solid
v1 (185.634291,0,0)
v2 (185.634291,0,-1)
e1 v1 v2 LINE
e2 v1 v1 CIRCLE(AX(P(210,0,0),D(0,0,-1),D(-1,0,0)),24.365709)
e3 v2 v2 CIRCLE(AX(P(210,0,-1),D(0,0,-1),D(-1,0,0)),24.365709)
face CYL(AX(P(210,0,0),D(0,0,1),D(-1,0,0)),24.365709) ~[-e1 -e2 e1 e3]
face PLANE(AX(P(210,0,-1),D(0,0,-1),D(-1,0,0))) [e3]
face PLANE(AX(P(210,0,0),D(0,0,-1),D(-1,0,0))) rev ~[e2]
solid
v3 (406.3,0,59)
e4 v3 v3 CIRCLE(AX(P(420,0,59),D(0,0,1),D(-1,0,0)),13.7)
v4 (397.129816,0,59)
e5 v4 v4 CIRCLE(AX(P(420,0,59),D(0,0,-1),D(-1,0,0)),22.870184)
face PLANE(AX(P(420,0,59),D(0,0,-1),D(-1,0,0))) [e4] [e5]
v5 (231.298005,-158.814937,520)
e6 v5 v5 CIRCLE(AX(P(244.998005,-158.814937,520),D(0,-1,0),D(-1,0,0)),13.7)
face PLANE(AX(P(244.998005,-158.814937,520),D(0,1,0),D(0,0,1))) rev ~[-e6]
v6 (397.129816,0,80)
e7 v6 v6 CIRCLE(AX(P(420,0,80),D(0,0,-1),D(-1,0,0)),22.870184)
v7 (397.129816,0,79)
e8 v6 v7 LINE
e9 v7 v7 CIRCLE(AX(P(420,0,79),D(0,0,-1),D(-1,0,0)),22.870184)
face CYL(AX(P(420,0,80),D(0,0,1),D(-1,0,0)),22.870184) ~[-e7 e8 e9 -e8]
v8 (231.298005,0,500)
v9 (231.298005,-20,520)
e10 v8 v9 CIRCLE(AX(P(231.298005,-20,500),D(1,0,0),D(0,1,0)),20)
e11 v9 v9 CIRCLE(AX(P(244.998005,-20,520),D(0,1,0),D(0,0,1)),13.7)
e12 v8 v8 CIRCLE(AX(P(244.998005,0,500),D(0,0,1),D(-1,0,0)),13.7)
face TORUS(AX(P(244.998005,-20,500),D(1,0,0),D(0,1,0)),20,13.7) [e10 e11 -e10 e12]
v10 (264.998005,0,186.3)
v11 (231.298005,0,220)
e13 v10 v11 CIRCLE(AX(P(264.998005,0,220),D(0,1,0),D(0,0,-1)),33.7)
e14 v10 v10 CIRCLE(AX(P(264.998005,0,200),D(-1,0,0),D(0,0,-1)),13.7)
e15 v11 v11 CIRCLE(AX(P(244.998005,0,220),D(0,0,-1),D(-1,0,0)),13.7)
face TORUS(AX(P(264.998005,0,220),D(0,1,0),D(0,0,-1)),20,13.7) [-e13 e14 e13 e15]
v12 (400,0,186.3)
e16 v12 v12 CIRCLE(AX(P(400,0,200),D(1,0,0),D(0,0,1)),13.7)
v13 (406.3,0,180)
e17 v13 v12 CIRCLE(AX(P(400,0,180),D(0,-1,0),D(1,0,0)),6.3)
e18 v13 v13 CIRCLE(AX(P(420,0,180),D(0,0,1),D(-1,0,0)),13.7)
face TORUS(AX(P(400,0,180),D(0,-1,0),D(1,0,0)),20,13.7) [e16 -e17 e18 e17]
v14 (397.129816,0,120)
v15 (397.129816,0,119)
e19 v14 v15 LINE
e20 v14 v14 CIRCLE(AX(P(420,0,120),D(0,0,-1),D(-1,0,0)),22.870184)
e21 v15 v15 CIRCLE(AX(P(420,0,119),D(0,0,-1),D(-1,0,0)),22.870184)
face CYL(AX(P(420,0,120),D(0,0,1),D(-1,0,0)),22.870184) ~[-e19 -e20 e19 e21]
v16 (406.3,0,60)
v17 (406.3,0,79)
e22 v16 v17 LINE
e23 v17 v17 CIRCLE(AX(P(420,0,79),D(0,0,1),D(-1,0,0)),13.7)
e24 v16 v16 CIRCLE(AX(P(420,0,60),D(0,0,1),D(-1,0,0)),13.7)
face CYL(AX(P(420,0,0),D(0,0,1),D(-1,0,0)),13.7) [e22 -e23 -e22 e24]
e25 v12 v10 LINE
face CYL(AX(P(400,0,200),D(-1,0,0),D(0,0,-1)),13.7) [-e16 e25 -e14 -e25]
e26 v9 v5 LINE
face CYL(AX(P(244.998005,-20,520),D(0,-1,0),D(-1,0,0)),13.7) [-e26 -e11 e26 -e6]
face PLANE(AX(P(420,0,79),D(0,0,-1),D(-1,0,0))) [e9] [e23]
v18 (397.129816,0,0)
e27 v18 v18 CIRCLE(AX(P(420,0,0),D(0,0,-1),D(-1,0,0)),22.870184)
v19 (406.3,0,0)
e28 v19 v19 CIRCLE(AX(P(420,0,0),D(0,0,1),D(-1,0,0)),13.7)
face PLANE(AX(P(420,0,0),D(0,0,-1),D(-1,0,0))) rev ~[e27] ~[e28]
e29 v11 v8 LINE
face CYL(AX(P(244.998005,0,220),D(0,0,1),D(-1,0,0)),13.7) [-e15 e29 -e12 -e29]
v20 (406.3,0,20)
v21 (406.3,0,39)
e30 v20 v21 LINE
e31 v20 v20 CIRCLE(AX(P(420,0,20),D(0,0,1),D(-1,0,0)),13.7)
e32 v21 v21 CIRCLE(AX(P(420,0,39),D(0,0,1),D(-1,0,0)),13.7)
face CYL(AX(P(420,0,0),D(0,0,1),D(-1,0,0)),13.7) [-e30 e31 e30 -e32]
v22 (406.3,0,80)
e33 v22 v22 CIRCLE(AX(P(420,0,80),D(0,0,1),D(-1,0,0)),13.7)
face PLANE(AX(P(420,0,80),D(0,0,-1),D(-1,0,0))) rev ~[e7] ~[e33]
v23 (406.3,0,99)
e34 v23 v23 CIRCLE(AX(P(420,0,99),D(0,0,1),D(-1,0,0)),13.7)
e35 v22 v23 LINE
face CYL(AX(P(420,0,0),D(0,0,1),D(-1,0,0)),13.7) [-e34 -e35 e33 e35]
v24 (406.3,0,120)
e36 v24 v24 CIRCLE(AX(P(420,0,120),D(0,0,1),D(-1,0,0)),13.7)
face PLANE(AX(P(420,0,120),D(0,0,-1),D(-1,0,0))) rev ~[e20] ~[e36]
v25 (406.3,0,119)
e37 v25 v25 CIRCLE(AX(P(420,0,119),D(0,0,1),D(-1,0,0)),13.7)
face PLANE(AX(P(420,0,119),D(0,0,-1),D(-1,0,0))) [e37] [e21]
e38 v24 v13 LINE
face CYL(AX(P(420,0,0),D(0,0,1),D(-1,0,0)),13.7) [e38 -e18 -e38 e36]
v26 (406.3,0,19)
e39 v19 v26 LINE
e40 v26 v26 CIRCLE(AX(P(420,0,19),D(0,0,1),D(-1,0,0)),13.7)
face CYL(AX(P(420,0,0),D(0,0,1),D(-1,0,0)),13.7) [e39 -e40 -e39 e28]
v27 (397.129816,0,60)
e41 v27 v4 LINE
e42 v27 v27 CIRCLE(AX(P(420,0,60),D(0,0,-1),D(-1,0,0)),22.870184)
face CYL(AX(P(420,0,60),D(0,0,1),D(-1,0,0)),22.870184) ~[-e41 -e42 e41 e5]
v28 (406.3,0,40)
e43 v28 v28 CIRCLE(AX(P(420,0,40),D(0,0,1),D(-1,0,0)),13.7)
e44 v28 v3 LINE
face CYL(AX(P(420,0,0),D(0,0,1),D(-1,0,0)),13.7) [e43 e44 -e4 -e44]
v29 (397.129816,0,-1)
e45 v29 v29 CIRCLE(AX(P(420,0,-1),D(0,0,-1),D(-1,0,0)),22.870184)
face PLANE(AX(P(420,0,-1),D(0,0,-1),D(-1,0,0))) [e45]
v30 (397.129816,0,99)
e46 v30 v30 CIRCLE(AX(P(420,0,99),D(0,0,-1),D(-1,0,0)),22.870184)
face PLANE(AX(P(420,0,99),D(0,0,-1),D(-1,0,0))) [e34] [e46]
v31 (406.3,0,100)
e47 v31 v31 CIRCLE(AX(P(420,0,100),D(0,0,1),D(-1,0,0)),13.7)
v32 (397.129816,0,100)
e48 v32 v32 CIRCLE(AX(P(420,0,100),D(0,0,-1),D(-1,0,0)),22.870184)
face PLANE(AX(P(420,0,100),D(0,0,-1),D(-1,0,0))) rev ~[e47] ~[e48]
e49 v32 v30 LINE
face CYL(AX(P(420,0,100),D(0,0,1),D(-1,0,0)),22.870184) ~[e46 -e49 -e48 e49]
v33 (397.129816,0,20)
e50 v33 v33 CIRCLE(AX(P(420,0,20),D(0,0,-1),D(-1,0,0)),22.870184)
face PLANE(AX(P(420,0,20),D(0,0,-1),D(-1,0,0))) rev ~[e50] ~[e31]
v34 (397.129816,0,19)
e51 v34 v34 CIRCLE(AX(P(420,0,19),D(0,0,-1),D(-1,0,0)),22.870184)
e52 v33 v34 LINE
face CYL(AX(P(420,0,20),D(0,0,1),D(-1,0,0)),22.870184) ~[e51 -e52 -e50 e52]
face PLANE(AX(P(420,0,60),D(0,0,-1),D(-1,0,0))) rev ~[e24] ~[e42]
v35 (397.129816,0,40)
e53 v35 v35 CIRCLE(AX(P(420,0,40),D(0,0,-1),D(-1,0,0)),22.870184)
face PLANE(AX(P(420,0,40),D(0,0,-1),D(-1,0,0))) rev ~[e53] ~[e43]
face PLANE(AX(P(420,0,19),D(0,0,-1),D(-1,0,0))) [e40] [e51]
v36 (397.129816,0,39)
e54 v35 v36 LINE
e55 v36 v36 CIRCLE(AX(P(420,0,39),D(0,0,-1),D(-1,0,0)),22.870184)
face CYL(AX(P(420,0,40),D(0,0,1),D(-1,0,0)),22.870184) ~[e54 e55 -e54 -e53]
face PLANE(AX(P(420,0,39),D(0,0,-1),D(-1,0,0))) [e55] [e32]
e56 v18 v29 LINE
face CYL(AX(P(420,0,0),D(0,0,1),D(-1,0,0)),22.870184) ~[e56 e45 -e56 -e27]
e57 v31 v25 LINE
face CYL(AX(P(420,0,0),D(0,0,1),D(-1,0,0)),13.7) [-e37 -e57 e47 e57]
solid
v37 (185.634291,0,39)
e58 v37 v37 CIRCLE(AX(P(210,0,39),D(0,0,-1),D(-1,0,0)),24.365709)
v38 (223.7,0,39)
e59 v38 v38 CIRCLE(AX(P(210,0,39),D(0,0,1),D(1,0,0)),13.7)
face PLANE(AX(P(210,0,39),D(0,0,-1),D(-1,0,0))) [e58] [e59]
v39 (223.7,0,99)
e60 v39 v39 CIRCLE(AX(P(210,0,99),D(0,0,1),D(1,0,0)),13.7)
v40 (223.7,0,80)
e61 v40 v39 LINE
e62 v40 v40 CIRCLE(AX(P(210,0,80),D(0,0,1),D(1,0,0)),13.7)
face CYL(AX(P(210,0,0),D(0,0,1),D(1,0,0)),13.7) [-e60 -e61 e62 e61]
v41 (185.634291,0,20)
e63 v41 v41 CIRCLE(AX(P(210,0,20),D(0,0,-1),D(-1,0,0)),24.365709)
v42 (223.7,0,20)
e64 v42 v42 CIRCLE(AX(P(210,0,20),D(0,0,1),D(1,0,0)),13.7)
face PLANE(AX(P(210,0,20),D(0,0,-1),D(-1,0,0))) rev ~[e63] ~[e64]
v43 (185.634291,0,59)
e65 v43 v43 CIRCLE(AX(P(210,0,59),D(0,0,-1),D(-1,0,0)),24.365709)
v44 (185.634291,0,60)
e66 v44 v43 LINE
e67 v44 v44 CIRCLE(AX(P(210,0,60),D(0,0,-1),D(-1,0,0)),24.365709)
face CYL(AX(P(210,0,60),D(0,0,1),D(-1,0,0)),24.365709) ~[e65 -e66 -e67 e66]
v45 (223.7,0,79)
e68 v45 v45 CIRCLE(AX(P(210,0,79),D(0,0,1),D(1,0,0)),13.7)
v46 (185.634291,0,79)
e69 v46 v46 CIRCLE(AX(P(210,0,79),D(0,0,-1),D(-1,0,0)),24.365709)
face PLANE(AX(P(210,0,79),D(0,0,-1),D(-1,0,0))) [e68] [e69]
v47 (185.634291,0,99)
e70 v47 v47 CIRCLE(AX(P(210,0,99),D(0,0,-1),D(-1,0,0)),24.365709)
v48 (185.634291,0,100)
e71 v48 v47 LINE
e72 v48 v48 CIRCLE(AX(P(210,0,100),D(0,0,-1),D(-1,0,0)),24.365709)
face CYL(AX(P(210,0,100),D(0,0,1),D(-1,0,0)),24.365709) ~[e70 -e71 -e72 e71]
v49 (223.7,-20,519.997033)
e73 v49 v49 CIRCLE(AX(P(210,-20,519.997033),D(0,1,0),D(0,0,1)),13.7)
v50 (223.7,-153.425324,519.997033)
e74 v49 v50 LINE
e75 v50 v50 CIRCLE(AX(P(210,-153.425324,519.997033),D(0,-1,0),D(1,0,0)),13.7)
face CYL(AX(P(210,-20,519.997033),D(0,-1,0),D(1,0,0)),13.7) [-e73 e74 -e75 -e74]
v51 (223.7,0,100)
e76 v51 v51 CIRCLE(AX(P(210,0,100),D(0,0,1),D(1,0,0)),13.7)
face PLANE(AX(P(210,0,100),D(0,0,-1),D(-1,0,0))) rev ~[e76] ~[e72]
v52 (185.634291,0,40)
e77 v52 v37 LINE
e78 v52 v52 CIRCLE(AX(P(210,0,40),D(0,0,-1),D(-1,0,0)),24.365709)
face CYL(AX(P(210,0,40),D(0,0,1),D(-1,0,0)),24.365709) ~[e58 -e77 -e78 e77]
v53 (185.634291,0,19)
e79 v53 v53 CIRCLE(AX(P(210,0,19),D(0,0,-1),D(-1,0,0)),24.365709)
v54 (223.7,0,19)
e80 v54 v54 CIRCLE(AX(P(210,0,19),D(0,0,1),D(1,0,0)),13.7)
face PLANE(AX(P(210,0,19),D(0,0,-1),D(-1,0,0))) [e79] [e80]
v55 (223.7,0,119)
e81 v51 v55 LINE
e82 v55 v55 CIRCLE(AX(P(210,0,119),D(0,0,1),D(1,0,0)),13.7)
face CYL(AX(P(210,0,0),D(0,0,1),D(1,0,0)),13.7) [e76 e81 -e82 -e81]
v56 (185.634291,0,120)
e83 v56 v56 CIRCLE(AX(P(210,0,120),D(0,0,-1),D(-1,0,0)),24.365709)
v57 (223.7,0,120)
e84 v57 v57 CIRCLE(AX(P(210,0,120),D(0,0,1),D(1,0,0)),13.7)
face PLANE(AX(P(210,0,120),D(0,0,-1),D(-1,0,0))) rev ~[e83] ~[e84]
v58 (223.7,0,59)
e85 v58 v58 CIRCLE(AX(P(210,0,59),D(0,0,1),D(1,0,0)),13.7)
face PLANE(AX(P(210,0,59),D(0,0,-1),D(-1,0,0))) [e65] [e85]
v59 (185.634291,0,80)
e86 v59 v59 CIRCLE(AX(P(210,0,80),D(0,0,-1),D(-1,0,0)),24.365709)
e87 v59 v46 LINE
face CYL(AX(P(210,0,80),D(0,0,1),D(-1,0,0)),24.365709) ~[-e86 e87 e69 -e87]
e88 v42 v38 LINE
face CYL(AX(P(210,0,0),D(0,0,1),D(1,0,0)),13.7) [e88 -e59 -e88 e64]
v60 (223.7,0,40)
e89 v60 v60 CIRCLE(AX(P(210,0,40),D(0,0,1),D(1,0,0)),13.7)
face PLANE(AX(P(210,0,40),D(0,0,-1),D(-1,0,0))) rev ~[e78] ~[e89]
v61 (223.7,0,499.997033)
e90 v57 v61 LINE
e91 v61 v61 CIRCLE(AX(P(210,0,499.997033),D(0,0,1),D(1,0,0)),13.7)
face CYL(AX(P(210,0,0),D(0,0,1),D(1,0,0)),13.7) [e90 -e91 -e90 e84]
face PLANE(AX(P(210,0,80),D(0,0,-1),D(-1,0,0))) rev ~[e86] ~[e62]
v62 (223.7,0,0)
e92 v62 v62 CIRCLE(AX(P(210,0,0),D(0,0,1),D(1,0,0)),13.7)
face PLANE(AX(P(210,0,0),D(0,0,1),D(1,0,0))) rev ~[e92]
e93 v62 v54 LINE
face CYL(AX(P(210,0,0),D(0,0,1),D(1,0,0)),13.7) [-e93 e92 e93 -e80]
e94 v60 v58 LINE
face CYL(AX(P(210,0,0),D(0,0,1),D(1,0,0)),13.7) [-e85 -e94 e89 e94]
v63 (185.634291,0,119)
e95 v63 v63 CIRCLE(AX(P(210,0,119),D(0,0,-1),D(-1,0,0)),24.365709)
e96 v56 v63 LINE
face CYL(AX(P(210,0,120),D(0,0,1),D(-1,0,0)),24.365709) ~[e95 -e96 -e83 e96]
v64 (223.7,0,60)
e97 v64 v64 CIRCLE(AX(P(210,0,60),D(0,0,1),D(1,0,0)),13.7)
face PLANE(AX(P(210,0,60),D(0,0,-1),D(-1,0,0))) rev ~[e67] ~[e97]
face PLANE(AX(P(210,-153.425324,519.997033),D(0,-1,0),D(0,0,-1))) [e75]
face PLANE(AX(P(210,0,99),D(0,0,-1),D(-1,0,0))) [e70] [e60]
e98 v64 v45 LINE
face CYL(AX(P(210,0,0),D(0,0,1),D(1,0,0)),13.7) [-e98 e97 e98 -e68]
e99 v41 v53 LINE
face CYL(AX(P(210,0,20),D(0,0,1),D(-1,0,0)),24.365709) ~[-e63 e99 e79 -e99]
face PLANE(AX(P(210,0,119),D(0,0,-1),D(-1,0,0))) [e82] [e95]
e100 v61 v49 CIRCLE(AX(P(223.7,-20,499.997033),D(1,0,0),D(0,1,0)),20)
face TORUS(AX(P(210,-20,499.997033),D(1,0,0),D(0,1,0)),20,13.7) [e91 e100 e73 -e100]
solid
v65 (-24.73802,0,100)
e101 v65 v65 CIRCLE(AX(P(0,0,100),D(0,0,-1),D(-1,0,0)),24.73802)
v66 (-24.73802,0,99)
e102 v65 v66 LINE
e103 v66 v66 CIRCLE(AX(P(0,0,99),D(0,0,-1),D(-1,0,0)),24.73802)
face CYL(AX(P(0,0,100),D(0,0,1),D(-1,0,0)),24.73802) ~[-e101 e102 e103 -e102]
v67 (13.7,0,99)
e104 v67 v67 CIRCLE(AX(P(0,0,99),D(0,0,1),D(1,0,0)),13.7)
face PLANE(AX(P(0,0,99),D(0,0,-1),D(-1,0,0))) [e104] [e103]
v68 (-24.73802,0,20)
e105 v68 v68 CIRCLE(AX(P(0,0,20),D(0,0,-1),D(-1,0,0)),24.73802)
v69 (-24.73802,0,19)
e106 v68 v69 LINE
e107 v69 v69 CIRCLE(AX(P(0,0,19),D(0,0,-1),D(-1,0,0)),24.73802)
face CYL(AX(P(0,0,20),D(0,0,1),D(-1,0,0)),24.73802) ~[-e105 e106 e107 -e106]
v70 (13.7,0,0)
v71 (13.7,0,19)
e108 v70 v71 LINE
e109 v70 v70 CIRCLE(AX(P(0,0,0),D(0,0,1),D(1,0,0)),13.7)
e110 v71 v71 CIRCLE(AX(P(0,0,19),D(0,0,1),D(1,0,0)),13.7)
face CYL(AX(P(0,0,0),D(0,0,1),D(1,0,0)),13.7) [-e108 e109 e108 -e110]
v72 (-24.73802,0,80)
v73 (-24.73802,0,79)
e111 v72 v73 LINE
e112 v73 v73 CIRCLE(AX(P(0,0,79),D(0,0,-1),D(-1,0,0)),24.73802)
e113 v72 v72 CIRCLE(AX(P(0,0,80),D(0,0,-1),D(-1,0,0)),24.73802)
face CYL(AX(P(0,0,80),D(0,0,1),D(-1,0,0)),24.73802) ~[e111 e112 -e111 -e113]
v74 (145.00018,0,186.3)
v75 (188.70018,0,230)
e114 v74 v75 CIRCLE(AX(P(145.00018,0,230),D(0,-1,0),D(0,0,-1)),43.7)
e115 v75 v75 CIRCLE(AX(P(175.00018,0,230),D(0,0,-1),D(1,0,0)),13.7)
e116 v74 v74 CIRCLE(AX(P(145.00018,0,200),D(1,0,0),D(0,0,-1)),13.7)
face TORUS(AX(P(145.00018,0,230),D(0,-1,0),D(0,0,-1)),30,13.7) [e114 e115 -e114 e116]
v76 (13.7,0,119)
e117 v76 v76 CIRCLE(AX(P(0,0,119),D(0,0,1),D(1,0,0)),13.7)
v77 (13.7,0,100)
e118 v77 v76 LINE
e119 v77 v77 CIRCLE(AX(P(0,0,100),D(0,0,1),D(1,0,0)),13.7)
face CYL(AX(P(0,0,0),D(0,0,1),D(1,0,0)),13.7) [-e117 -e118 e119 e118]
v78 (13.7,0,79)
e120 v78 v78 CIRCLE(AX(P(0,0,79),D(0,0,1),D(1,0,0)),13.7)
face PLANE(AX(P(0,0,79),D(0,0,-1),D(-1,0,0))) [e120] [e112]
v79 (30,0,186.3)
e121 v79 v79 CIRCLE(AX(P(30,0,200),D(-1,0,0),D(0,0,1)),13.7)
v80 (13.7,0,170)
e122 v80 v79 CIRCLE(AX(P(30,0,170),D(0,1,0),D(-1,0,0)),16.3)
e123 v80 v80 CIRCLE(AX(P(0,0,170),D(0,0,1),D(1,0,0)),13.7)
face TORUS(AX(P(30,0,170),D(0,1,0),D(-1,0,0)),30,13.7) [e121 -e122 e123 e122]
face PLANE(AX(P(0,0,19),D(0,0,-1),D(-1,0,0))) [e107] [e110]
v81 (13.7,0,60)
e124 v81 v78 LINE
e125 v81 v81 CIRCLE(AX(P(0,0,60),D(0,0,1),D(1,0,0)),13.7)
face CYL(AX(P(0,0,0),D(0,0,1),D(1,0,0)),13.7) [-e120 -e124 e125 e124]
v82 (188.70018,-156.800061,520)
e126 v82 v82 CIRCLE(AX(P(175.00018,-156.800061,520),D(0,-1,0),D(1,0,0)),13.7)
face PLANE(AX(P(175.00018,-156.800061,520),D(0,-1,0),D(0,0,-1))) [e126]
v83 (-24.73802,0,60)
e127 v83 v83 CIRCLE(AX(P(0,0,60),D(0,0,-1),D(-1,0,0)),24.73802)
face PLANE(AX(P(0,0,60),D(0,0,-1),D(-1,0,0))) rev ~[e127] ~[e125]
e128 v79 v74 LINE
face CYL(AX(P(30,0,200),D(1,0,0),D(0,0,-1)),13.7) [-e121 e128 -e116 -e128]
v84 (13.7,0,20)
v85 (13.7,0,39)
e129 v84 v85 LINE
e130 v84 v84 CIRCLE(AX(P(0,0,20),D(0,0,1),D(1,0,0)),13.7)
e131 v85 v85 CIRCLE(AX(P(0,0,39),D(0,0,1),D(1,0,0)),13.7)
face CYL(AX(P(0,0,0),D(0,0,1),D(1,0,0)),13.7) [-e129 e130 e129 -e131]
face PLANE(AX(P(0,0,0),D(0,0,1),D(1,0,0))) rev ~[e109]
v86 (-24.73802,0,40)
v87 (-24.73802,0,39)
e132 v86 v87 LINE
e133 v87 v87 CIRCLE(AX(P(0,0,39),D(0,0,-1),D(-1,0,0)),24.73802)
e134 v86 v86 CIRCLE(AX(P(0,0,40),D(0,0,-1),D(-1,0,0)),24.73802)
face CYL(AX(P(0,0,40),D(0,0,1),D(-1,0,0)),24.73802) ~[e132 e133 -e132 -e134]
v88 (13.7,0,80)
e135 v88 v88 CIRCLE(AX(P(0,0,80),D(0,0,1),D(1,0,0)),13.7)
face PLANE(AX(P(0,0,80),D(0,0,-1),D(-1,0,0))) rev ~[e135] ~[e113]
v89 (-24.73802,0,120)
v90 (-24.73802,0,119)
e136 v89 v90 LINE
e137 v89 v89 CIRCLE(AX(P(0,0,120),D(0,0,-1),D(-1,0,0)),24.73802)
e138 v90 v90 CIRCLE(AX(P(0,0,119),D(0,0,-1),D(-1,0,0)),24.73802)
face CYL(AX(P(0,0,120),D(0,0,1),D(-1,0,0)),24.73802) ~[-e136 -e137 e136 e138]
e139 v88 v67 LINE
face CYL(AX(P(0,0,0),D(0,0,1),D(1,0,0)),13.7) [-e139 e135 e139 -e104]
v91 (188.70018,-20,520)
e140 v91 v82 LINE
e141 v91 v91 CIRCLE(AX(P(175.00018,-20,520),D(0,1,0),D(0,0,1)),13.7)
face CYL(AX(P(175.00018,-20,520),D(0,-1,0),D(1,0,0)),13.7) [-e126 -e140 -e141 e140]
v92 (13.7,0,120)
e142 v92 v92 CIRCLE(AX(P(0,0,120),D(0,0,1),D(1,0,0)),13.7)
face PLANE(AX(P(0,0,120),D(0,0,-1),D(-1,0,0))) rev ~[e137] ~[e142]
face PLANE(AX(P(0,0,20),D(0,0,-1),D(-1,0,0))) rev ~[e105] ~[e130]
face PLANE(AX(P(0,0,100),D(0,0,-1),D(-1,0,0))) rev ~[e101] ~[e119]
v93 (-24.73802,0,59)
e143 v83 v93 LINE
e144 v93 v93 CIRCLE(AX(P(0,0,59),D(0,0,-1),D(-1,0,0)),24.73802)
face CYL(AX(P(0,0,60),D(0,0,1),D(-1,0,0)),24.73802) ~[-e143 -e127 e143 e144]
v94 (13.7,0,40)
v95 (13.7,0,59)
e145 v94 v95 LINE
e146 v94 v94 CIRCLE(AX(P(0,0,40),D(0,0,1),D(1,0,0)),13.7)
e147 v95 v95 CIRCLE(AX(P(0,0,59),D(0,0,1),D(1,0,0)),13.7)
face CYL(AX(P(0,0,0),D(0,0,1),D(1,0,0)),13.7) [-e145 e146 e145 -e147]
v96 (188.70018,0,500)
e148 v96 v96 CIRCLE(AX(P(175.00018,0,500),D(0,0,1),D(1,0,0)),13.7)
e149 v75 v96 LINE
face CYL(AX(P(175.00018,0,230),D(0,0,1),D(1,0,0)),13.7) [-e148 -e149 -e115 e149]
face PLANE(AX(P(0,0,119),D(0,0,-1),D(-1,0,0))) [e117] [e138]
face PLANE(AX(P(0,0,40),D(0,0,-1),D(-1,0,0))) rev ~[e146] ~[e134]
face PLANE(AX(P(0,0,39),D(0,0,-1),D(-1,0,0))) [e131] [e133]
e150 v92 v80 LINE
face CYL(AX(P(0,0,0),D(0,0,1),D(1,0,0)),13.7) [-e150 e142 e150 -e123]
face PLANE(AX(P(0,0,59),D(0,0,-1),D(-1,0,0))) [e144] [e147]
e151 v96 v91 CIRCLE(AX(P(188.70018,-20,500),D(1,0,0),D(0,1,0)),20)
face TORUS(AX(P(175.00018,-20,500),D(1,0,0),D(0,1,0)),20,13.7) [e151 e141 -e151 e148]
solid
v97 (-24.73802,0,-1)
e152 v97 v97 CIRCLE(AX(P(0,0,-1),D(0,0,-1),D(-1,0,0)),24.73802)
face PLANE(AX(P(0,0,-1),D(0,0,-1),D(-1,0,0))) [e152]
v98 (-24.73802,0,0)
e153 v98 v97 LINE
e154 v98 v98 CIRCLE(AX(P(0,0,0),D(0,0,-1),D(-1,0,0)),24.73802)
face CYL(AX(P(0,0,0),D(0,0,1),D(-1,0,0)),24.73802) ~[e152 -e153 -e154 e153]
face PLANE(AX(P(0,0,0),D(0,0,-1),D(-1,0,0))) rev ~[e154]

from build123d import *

# Parameters (mm, degrees)
BARRER5_PROFILE_R       = 13.7
BARRER6_PROFILE_R       = 13.7
CROQUIS41_R             = 13.7
CROQUIS62_R             = 22.870183784
CROQUIS62_R_2           = 24.36570856
CROQUIS62_R_3           = 24.738020287
SALIENTE_EXTRUIR1_DEPTH = 1
MATRIZL1_COUNT          = 7
MATRIZL1_PITCH          = 20


with BuildPart() as part:
    # Barrer5: sweep along a curve in space
    with BuildLine() as barrer5_path:
        Line((0, 0, 0), (0, 0, 170))
        ThreePointArc((0, 0, 170), (8.786796564, 0, 191.213203436), (30, 0, 200))
        Line((30, 0, 200), (145.00018, 0, 200))
        ThreePointArc((145.00018, 0, 200), (166.213383436, 0, 208.786796564), (175.00018, 0, 230))
        Line((175.00018, 0, 230), (175.00018, 0, 500))
        ThreePointArc((175.00018, 0, 500), (175.00018, -5.857864376, 514.142135624), (175.00018, -20, 520))
        Line((175.00018, -20, 520), (175.00018, -156.800061359, 520))
    # Barrer5 profile (on start of the path) → Barrer5 (sweep)
    with BuildSketch(Plane.XY):
        Circle(BARRER5_PROFILE_R)
    sweep(path=barrer5_path.line)


with BuildPart() as body_2:
    # Barrer6: sweep along a curve in space
    with BuildLine() as barrer6_path:
        Line((210, 0, 0), (210, 0, 499.997033))
        ThreePointArc((210, 0, 499.997033), (210, -5.857864376, 514.139168624), (210, -20, 519.997033))
        Line((210, -20, 519.997033), (210, -153.425324093, 519.997033))
    # Barrer6 profile (on start of the path) → Barrer6 (sweep)
    with BuildSketch(Plane(origin=(210, 0, 0), x_dir=(1, 0, 0), z_dir=(0, 0, 1))):
        Circle(BARRER6_PROFILE_R)
    sweep(path=barrer6_path.line)


with BuildPart() as body_3:
    # Barrer7: sweep along a curve in space
    with BuildLine() as barrer7_path:
        Line((420, 0, 0), (420, 0, 180))
        ThreePointArc((420, 0, 180), (414.142135624, 0, 194.142135624), (400, 0, 200))
        Line((400, 0, 200), (264.998005, 0, 200))
        ThreePointArc((264.998005, 0, 200), (250.855869376, 0, 205.857864376), (244.998005, 0, 220))
        Line((244.998005, 0, 220), (244.998005, 0, 500))
        ThreePointArc((244.998005, 0, 500), (244.998005, -5.857864376, 514.142135624), (244.998005, -20, 520))
        Line((244.998005, -20, 520), (244.998005, -158.814937218, 520))
    # Croquis41 → Barrer7 (sweep)
    with BuildSketch(Plane(origin=(0, 0, 0), x_dir=(-1, 0, 0), z_dir=(0, 0, -1))):
        with Locations((-420, 0)):
            Circle(CROQUIS41_R)
    sweep(path=barrer7_path.line)

    # Croquis62 → Saliente-Extruir1 (add)
    with BuildSketch(Plane(origin=(0, 0, 0), x_dir=(-1, 0, 0), z_dir=(0, 0, -1))):
        with Locations((-420, 0)):
            Circle(CROQUIS62_R)
        with Locations((-210, 0)):
            Circle(CROQUIS62_R_2)
        Circle(CROQUIS62_R_3)
    saliente_extruir1 = extrude(amount=SALIENTE_EXTRUIR1_DEPTH)


with BuildPart() as saliente_extruir1_piece_1:
    # of the separate pieces the step leaves, piece 1, a body of its own (saliente_extruir1_pieces)
    add(body_3.part.solids().sort_by_distance((397.129816216, 0, 0))[0])


with BuildPart() as saliente_extruir1_piece_2:
    # of the separate pieces the step leaves, piece 2, a body of its own (saliente_extruir1_pieces)
    add(body_3.part.solids().sort_by_distance((-24.738020287, 0, 0))[0])


with BuildPart() as saliente_extruir1_piece_3:
    # of the separate pieces the step leaves, piece 3, a body of its own (saliente_extruir1_pieces)
    add(body_3.part.solids().sort_by_distance((185.63429144, 0, 0))[0])


with BuildPart() as part_1:
    add(part.part)

    add(body_2.part)  # MatrizL1 merges body 2

    add(saliente_extruir1_piece_1.part)  # MatrizL1 merges Saliente-Extruir1 piece 1
    # MatrizL1: Saliente-Extruir1 ×7
    with Locations(*[(0, 0, i * MATRIZL1_PITCH) for i in range(1, MATRIZL1_COUNT)]):
        add(saliente_extruir1)


solid = Compound([saliente_extruir1_piece_2.part, saliente_extruir1_piece_3.part, part_1.part])
